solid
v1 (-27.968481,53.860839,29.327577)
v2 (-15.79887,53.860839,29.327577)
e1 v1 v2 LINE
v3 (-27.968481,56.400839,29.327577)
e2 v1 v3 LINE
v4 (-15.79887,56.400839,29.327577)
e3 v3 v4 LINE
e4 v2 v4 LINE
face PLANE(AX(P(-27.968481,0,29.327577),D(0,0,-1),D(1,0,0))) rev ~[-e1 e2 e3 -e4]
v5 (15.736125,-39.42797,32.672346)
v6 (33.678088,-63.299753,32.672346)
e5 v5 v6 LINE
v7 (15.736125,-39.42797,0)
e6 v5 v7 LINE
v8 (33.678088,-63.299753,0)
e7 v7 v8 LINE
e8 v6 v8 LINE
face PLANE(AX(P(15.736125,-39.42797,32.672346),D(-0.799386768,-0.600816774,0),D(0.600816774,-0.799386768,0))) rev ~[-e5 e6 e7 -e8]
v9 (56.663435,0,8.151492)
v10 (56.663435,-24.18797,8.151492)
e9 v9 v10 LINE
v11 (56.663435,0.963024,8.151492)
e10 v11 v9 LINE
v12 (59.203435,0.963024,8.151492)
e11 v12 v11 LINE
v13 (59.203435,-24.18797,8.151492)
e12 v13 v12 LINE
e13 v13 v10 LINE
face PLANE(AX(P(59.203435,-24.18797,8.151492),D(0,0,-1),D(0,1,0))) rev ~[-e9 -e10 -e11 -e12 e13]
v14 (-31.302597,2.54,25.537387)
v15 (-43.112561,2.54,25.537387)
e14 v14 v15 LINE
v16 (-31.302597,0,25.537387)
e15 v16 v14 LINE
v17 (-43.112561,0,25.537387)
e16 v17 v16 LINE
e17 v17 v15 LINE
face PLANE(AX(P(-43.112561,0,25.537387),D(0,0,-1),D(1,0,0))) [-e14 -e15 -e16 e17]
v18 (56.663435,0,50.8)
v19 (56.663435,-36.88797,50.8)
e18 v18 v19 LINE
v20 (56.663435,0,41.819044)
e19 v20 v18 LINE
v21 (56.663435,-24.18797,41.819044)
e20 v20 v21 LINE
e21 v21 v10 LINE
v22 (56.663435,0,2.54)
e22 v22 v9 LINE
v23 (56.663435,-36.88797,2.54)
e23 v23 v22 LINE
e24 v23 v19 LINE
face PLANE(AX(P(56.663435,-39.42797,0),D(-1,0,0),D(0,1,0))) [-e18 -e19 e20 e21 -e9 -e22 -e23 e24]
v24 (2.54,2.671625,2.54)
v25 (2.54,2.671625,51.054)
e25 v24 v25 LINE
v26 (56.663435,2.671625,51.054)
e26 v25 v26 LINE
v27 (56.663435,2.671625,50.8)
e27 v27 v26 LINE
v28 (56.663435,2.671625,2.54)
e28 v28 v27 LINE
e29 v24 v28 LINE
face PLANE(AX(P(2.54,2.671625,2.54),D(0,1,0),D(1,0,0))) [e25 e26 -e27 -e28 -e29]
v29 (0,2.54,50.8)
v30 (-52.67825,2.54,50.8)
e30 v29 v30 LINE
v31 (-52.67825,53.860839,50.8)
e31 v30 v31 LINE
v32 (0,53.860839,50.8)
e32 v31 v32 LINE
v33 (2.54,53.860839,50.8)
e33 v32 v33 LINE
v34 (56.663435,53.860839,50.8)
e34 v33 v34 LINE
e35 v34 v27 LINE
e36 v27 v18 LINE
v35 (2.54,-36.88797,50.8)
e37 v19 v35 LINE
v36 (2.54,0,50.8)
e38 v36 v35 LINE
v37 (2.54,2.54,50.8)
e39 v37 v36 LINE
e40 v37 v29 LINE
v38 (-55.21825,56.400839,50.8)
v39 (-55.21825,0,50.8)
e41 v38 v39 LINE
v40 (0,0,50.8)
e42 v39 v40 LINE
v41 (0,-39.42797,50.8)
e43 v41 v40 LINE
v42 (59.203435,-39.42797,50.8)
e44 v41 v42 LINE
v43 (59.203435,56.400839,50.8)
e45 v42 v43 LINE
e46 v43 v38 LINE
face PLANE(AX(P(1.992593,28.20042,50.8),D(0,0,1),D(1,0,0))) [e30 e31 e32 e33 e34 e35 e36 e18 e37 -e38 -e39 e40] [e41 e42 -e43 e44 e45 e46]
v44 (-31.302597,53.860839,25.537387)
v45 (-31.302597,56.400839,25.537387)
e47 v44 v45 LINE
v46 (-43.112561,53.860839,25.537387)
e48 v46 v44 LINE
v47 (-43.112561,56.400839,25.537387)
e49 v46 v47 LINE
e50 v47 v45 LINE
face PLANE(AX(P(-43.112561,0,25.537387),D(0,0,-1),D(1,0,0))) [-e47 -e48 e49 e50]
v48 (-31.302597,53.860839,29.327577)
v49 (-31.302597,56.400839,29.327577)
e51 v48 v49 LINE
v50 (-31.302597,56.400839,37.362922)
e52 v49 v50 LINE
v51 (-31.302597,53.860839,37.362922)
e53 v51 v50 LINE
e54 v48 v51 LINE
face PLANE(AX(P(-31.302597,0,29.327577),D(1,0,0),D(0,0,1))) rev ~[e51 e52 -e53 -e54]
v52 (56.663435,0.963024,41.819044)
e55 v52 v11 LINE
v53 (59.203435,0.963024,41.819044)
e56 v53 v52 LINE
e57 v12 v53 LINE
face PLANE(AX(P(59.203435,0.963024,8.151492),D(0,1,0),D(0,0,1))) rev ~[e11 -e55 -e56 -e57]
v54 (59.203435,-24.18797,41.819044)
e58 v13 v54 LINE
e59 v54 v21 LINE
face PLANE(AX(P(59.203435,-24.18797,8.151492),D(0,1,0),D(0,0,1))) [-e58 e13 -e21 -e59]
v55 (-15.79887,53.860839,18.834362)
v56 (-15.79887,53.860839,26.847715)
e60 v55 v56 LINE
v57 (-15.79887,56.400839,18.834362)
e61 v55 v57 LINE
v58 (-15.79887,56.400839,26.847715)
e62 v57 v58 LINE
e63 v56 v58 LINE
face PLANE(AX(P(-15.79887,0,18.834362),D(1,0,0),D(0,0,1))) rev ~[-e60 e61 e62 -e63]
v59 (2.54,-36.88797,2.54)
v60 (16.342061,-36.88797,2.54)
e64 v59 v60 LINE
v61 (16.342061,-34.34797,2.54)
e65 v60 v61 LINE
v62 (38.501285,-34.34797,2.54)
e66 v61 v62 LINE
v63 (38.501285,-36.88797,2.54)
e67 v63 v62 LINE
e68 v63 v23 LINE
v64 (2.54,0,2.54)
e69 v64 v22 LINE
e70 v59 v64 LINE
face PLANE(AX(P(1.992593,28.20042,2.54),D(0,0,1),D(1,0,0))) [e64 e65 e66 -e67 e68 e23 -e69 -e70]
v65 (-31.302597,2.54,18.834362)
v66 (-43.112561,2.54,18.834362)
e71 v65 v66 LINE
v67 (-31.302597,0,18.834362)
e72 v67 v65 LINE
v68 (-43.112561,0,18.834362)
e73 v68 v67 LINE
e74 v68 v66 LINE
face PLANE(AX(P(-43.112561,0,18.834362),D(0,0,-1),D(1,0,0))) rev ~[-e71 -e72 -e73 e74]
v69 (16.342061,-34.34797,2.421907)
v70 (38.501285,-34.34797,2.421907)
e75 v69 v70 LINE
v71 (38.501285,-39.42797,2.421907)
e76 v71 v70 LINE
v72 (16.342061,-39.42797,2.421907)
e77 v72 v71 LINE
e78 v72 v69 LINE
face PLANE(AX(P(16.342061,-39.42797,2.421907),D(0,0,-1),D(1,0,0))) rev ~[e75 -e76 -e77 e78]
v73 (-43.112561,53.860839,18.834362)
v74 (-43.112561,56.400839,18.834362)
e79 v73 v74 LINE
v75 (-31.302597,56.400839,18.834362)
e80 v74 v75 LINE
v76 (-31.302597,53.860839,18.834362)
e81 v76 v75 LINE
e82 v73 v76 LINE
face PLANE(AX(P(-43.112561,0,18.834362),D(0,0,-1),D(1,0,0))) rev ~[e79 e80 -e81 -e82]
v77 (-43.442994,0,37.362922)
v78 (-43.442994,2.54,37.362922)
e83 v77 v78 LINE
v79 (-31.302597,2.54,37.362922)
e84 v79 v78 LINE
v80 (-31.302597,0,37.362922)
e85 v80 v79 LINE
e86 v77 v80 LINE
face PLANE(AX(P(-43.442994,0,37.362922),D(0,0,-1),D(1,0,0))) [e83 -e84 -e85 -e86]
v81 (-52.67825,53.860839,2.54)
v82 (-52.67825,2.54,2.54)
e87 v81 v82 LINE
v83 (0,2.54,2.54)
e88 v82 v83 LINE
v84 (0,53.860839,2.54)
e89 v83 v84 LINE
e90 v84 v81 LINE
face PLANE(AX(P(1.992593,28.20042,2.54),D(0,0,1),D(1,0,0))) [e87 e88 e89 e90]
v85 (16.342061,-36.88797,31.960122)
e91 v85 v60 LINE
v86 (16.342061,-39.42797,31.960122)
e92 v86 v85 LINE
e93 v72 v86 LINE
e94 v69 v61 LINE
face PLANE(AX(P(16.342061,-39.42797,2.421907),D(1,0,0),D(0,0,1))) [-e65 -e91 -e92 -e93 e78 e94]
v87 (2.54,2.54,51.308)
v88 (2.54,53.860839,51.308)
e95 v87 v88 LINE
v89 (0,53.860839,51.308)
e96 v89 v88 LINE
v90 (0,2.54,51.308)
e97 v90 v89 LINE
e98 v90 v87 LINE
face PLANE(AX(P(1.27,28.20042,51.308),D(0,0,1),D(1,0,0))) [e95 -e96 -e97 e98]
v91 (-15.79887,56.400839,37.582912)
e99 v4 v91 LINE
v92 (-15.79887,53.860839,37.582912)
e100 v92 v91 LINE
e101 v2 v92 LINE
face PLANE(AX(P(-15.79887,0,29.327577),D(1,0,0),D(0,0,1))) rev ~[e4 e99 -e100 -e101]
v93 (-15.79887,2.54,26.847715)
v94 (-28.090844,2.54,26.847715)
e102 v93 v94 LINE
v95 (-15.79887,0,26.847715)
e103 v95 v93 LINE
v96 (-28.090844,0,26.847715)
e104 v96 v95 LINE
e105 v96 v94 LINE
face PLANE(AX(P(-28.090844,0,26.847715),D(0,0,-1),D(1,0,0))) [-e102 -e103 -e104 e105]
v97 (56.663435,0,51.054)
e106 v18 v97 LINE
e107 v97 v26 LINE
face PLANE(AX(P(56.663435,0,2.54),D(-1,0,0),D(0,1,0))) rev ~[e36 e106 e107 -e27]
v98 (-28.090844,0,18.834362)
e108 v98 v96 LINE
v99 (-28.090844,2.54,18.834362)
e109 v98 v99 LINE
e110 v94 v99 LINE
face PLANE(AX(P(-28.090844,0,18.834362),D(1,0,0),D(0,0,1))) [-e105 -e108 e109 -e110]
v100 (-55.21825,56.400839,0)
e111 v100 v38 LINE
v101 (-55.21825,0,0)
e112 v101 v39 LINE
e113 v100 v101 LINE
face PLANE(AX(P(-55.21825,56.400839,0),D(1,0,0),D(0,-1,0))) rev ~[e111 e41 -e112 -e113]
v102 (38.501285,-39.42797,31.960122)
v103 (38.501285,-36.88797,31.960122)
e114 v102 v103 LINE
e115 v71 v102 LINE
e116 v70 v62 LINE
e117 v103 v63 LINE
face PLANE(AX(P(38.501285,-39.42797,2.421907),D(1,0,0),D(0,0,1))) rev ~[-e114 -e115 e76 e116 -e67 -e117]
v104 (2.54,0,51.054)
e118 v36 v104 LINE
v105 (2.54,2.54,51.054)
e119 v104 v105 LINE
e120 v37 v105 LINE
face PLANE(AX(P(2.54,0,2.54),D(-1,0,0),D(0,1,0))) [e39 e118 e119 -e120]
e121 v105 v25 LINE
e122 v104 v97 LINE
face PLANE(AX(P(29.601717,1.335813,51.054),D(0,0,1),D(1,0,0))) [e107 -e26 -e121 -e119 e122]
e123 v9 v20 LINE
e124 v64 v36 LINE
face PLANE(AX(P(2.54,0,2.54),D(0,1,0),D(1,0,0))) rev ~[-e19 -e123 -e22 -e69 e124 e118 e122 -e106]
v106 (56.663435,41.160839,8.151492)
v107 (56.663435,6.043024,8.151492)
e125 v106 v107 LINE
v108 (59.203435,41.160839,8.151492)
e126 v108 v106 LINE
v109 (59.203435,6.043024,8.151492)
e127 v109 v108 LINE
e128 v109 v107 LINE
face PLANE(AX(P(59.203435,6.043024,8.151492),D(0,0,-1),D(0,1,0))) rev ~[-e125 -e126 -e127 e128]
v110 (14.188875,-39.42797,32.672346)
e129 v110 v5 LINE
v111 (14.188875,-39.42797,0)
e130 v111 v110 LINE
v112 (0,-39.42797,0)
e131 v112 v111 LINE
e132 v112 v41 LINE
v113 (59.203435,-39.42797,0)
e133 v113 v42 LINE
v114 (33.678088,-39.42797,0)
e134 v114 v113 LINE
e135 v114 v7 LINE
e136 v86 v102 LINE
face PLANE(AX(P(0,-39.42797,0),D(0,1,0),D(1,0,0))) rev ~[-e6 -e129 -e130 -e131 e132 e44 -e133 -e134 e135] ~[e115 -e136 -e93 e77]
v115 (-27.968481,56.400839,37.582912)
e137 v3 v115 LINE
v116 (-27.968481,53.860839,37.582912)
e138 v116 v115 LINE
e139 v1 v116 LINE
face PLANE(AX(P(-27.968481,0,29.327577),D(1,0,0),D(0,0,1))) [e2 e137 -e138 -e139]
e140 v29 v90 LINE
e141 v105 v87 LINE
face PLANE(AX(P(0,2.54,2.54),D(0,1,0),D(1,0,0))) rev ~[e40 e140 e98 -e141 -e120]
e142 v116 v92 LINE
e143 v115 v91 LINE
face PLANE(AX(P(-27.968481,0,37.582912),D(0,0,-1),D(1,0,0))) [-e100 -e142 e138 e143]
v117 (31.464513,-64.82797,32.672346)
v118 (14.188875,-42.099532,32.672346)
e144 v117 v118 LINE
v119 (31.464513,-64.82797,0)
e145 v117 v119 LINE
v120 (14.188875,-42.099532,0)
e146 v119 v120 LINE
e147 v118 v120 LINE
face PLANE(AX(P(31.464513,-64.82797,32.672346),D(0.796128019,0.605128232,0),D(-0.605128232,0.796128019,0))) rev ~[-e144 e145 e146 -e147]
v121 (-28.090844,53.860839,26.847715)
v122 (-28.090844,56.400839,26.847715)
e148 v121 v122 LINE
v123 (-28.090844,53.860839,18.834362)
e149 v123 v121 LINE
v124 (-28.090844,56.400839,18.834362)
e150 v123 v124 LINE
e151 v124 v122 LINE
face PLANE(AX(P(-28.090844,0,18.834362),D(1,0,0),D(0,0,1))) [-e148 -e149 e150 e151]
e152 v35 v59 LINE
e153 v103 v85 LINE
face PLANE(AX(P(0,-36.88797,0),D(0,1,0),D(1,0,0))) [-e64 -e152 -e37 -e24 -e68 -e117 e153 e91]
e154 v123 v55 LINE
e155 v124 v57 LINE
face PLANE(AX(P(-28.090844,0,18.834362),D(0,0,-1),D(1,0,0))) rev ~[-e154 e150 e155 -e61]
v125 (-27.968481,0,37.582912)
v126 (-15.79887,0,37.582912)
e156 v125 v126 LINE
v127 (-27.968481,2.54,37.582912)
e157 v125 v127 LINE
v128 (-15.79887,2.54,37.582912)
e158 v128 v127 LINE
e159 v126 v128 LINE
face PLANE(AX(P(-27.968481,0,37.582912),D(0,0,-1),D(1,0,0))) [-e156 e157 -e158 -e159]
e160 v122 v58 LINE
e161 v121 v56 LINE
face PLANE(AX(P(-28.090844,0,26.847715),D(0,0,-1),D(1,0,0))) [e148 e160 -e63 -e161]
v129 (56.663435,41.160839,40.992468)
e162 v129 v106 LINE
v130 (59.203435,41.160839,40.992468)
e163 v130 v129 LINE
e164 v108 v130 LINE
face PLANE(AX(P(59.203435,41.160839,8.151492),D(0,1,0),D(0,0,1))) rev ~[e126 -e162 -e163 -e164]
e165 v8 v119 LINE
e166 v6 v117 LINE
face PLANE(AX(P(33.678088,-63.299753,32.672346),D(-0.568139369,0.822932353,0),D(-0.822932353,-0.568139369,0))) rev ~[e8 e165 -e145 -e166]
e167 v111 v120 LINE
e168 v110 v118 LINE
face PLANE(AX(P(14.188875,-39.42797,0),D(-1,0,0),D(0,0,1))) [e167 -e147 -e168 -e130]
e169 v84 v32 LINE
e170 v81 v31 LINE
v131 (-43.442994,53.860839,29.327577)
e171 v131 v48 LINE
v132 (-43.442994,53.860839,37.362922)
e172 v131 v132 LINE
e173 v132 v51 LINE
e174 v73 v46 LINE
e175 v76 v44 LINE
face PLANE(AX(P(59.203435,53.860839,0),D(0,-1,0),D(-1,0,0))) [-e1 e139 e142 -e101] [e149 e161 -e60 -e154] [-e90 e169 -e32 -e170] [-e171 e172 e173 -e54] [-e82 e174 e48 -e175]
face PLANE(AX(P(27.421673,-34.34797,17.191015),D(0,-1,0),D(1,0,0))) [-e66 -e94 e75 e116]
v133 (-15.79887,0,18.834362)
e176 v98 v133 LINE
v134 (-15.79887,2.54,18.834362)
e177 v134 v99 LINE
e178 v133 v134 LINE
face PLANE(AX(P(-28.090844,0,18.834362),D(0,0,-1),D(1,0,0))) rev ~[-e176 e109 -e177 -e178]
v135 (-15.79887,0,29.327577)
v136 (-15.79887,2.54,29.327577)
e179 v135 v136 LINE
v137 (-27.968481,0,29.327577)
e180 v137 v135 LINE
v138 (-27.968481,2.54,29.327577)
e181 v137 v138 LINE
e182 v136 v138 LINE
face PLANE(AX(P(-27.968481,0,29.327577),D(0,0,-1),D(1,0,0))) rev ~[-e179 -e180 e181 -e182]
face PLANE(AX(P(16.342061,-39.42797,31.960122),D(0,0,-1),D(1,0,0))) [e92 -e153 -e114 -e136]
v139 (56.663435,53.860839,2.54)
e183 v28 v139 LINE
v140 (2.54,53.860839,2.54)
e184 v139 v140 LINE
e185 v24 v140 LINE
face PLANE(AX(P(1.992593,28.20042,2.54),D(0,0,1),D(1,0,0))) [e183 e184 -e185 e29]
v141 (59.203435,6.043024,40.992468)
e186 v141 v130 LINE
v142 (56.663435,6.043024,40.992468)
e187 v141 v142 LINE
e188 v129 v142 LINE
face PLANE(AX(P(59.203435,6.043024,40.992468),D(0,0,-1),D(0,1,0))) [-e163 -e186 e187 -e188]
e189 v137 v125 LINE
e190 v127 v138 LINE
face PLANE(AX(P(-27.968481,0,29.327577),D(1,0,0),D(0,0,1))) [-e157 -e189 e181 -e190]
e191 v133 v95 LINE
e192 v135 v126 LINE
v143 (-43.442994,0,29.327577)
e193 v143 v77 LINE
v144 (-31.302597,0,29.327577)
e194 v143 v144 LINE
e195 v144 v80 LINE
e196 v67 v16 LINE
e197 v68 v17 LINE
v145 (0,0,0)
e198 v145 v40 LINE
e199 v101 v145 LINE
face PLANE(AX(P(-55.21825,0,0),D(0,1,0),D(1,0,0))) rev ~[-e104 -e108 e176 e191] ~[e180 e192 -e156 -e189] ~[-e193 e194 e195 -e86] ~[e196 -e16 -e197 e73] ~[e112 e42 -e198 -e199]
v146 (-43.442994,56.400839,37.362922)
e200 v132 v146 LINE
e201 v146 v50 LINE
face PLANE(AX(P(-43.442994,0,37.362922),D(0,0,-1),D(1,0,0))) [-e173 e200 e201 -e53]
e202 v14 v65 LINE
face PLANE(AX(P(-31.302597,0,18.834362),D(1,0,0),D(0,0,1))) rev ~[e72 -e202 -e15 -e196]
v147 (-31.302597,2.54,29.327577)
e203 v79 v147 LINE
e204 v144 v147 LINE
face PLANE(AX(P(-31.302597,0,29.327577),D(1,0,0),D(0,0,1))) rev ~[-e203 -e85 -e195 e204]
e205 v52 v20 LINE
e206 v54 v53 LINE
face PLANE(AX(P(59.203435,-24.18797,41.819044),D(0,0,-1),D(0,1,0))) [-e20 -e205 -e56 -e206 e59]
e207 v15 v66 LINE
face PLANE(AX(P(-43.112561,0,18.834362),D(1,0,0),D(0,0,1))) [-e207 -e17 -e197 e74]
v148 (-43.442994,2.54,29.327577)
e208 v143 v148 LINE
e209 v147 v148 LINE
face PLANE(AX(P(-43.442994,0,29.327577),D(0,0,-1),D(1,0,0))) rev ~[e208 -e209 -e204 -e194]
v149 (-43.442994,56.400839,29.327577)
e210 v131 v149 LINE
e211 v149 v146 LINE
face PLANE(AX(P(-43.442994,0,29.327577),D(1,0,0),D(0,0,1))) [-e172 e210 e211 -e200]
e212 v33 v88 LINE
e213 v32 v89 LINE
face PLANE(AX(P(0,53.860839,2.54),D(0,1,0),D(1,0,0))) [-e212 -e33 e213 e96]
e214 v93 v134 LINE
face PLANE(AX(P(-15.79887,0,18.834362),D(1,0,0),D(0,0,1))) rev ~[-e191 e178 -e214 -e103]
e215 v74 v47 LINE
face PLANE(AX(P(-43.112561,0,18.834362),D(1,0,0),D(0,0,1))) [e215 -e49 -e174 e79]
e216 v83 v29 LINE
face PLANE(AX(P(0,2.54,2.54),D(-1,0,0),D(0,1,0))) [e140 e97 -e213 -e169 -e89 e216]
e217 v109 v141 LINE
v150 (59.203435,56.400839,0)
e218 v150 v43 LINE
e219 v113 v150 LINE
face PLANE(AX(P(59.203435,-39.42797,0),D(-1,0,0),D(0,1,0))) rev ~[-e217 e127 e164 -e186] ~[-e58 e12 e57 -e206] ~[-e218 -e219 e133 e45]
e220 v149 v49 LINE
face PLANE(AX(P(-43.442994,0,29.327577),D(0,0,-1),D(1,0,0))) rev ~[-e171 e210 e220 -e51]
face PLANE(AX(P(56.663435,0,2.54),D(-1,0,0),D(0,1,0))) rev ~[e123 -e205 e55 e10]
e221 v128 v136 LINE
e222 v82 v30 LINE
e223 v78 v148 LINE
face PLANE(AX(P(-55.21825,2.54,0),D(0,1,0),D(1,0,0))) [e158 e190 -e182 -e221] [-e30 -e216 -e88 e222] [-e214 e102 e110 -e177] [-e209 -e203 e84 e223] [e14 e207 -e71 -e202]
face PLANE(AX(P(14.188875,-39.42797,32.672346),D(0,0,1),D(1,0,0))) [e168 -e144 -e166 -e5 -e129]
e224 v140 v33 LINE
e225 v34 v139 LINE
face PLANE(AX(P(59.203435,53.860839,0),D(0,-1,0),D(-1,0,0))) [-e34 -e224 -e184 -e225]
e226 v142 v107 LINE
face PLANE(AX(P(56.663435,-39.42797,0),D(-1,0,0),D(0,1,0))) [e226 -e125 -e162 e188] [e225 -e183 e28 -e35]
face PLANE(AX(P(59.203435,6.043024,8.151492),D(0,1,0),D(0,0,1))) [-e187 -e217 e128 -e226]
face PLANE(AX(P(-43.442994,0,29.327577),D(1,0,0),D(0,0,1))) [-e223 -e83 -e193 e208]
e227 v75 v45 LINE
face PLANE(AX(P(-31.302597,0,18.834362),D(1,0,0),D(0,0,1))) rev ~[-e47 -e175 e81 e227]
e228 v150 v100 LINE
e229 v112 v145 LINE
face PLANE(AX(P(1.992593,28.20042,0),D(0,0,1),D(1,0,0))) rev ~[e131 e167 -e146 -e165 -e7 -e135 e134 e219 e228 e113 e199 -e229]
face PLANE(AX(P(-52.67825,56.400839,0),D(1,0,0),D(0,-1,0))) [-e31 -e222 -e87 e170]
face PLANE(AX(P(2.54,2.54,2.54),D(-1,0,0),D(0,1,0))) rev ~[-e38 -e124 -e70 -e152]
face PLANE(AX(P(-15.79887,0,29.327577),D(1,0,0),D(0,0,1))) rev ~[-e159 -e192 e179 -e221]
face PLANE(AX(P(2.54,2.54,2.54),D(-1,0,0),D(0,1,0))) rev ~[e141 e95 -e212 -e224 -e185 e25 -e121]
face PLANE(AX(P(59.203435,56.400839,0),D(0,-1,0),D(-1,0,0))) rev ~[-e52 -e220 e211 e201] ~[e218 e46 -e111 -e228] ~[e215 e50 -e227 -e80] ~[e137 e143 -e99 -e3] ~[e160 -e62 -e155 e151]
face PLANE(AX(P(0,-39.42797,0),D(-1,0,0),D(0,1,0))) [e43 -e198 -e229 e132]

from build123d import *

# Parameters (mm, degrees)
F0_W      = 59.2034347355
F0_H      = 39.4279696047
F1_DEPTH  = 50.8
F2_T      = -2.54
F3_W      = 12.1403969824
F3_H      = 8.035345003
F3_W_2    = 12.169610709
F3_H_2    = 8.255334571
F3_W_3    = 12.2919734567
F3_H_3    = 8.0133527517
F3_W_4    = 11.809963733
F3_H_4    = 6.7030247301
F4_DEPTH  = 304.8
F5_W      = 25.1509935988
F5_H      = 33.6675519442
F5_W_2    = 35.1178152452
F5_H_2    = 32.8409761062
F6_DEPTH  = 25.4
F7_W      = 19.4892128929
F7_H      = 32.6723456383
F8_DEPTH  = 25.4
F10_DEPTH = 44.958
F12_DEPTH = 45.974
F14_DEPTH = 38.1
F16_W     = 22.1592243761
F16_H     = 29.5382153708
F17_DEPTH = 5.08
F18_W     = 2.54
F18_H     = 51.3208392394
F19_DEPTH = 48.768
F20_W     = 54.1234347355
F20_H     = 2.6716254652
F21_DEPTH = 48.514


with BuildPart() as f1:
    # F0 (on Top) → F1 (new body)
    with BuildSketch(Plane.XY):
        Polygon((59.2034347355, 56.4008392394), (-55.2182495594, 56.4008392394), (-55.2182495594, 0), (0, 0), (59.2034347355, 0), align=None)
        with Locations((29.6017173678, -19.7139848024)):
            Rectangle(F0_W, F0_H)
    extrude(amount=F1_DEPTH)

    # F2
    f2_openings = [f1.faces().sort_by_distance(p)[0] for p in [
        (9.326345, 15.473019, 50.8),
    ]]
    offset(amount=F2_T, openings=f2_openings, kind=Kind.INTERSECTION)

    # F3 (on Front) → F4 (cut)
    with BuildSketch(Plane.XZ):
        with Locations((-37.3727958649, 33.3452494815)):
            Rectangle(F3_W, F3_H)
        with Locations((-21.8836758286, 33.4552442655)):
            Rectangle(F3_W_2, F3_H_2)
        with Locations((-21.9448572025, 22.8410381824)):
            Rectangle(F3_W_3, F3_H_3)
        with Locations((-37.2075792402, 22.1858741716)):
            Rectangle(F3_W_4, F3_H_4)
    extrude(amount=-F4_DEPTH, mode=Mode.SUBTRACT)

    # F5 (on face) → F6 (cut)
    with BuildSketch(Plane.YZ.offset(59.2034347355)):
        with Locations((-11.6124728053, 24.9852682464)):
            Rectangle(F5_W, F5_H)
        with Locations((23.6019316167, 24.5719803274)):
            Rectangle(F5_W_2, F5_H_2)
    extrude(amount=-F6_DEPTH, mode=Mode.SUBTRACT)

    # F7 (on face) → F8 (join)
    with BuildSketch(Plane.XZ.offset(39.4279696047)):
        with Locations((23.9334818907, 16.3361728191)):
            Rectangle(F7_W, F7_H)
    extrude(amount=F8_DEPTH)

    # F9 (on face) → F10 (cut)
    with BuildSketch(Plane.XY.offset(32.6723456383)):
        Polygon((14.1888754442, -42.09953174), (14.1888754442, -64.8279696047), (31.4645133913, -64.8279696047), align=None)
    extrude(amount=-F10_DEPTH, mode=Mode.SUBTRACT)

    # F11 (on face) → F12 (cut)
    with BuildSketch(Plane.XY.offset(32.6723456383)):
        Polygon((15.7361254096, -39.4279696047), (33.6780883372, -63.2997527719), (33.6780883372, -39.4279696047), align=None)
    extrude(amount=-F12_DEPTH, mode=Mode.SUBTRACT)

    # F13 (on face) → F14 (cut)
    with BuildSketch(Plane.XY.offset(32.6723456383)):
        Polygon((33.6780883372, -63.2997527719), (31.4645133913, -64.8279696047), (33.6780883372, -64.8279696047), align=None)
    extrude(amount=-F14_DEPTH, mode=Mode.SUBTRACT)

    # F16 (on face) → F17 (cut)
    with BuildSketch(Plane.XZ.offset(39.4279696047)):
        with Locations((27.4216728285, 17.1910146018)):
            Rectangle(F16_W, F16_H)
    extrude(amount=-F17_DEPTH, mode=Mode.SUBTRACT)

    # F18 (on face) → F19 (join)
    with BuildSketch(Plane.XY.offset(2.54)):
        with Locations((1.27, 28.2004196197)):
            Rectangle(F18_W, F18_H)
    extrude(amount=F19_DEPTH)

    # F20 (on face) → F21 (join)
    with BuildSketch(Plane.XY.offset(2.54)):
        with Locations((29.6017173678, 1.3358127326)):
            Rectangle(F20_W, F20_H)
    extrude(amount=F21_DEPTH)


solid = f1.part
